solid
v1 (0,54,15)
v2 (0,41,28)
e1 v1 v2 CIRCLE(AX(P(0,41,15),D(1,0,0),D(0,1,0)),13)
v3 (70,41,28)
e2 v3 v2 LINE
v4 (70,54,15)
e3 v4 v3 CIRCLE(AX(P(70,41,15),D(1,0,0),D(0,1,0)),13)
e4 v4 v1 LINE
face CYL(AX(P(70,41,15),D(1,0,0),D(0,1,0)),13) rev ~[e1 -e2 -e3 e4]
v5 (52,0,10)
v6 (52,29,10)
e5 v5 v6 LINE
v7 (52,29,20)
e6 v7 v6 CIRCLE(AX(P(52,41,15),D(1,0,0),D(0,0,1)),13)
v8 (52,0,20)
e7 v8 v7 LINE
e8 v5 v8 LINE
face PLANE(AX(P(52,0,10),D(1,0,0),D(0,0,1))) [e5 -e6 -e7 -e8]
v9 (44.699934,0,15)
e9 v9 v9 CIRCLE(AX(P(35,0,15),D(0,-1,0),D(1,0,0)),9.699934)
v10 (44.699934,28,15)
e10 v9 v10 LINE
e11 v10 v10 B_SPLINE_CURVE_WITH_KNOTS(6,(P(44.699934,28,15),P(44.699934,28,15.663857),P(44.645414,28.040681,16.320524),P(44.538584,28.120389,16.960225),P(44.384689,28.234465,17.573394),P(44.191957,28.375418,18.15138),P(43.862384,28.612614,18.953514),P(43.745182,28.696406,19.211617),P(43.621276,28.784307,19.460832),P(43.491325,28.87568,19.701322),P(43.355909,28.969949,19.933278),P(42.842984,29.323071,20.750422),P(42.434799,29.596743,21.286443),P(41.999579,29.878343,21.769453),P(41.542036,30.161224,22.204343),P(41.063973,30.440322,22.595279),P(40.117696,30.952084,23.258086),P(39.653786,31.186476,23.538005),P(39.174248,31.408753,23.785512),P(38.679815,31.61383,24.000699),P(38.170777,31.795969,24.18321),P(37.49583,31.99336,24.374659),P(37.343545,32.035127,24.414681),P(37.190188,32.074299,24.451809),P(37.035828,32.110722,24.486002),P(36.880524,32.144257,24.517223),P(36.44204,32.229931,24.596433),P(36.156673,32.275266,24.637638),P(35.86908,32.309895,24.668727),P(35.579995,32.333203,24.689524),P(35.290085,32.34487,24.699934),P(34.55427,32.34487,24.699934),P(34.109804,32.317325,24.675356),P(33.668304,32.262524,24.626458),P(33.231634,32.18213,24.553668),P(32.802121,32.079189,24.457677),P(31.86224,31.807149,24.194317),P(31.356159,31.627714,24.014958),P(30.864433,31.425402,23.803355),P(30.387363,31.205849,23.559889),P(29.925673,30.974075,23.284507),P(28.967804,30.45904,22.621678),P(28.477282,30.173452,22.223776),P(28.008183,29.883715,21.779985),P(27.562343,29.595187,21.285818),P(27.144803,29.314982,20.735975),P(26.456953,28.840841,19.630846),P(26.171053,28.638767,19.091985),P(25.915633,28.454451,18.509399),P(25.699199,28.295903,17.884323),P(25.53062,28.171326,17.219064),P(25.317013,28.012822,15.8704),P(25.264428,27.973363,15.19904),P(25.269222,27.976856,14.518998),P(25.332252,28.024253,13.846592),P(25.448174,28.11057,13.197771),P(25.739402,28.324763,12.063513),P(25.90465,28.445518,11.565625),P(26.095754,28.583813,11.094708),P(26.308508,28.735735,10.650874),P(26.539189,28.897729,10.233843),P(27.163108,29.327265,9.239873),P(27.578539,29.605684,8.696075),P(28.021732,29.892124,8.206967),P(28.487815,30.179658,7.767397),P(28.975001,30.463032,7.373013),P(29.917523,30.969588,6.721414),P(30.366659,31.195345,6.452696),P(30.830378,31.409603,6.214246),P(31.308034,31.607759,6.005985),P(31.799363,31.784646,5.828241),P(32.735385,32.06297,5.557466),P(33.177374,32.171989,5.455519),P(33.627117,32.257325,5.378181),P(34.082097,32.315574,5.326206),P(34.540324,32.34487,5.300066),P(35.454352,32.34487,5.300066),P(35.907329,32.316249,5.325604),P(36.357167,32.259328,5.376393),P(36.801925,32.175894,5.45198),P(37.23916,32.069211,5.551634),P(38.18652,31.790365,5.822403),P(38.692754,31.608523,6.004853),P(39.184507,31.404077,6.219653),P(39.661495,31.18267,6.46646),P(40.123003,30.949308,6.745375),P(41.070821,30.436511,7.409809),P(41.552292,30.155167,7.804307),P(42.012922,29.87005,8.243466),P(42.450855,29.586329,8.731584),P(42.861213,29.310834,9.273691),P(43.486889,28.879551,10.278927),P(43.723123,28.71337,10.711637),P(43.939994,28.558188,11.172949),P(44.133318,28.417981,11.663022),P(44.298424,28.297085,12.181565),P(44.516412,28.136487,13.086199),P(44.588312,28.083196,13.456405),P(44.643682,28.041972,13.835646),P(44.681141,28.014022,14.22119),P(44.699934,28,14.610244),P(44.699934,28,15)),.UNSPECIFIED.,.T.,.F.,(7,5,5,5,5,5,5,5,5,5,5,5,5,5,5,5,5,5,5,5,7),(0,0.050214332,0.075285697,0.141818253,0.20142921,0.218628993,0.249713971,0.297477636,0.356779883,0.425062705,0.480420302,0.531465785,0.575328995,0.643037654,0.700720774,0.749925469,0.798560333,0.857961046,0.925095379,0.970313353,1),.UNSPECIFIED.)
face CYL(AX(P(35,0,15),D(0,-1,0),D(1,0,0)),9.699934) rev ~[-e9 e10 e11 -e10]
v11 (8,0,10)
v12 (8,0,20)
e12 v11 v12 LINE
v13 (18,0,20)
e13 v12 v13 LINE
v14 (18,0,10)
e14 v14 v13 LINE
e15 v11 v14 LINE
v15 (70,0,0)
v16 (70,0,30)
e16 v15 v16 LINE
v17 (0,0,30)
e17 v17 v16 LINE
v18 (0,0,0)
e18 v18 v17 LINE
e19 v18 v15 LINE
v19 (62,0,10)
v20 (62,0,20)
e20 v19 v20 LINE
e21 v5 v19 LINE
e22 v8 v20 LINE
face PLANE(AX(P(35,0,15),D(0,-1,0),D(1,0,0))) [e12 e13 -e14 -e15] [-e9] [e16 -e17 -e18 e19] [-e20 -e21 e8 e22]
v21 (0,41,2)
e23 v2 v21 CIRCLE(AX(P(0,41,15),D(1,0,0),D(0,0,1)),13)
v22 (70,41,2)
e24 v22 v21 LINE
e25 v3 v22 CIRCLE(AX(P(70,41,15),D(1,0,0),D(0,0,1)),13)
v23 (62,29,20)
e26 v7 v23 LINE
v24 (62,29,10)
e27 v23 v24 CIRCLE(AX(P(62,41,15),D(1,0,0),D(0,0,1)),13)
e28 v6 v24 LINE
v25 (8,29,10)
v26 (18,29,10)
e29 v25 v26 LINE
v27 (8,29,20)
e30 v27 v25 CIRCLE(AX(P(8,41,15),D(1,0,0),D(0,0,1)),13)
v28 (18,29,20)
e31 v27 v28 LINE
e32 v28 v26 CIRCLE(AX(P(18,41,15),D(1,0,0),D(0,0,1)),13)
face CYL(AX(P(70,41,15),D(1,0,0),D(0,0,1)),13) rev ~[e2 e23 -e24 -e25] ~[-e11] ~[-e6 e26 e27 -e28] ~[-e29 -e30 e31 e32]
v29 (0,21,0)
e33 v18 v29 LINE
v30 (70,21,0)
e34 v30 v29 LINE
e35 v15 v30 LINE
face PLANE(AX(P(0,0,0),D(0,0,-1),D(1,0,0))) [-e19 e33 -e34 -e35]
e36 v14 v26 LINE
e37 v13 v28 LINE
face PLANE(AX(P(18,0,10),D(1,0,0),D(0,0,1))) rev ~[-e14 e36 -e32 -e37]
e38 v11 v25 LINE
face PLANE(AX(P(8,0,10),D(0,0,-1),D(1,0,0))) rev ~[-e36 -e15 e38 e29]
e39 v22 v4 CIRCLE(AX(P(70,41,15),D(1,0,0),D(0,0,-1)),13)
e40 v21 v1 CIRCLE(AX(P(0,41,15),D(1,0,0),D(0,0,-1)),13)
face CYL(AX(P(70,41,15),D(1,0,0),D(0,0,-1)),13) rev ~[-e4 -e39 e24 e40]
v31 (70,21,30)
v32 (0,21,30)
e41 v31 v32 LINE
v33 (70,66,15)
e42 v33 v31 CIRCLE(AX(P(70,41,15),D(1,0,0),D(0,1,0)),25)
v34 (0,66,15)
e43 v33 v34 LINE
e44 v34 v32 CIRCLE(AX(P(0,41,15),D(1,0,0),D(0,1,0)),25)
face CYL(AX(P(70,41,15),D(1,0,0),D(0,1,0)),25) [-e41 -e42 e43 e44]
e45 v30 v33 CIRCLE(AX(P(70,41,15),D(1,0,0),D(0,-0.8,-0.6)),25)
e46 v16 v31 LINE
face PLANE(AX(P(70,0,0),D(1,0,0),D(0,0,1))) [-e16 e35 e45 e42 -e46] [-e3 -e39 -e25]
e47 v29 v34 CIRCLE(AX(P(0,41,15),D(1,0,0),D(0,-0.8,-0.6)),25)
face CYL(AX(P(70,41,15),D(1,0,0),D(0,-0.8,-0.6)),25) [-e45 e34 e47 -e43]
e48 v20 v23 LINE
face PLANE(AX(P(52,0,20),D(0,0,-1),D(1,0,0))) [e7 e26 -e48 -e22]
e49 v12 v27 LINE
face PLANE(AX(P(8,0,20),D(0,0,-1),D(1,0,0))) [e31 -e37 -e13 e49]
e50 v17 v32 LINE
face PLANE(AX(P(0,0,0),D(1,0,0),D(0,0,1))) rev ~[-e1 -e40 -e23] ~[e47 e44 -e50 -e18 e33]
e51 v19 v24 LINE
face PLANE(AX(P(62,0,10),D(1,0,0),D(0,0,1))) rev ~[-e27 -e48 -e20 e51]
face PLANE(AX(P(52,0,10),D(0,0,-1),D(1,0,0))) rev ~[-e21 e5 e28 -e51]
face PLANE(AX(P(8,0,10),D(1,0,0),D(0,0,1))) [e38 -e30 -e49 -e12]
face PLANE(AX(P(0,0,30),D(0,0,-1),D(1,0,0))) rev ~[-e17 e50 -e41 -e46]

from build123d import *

# Parameters (mm, degrees)
F0_W     = 70
F0_H     = 30
F1_DEPTH = 41
F2_W     = 10
F2_H     = 10
F2_R     = 9.6999339811
F3_DEPTH = 41
F5_DEPTH = 70
F6_DEPTH = 70


with BuildPart() as f1:
    # F0 (on Front) → F1 (new body)
    with BuildSketch(Plane.XZ):
        with Locations((35, 15)):
            Rectangle(F0_W, F0_H)
    extrude(amount=-F1_DEPTH)

    # F2 (on face) → F3 (cut)
    with BuildSketch(Plane.XZ):
        with Locations((13, 15)):
            Rectangle(F2_W, F2_H)
        with Locations((35, 15)):
            Circle(F2_R)
        with Locations((57, 15)):
            Rectangle(F2_W, F2_H)
    extrude(amount=-F3_DEPTH, mode=Mode.SUBTRACT)

    # F4 (on face) → F5 (join)
    with BuildSketch(Plane.YZ.offset(70)):
        with BuildLine():
            ThreePointArc((54, 15), (50.1923881554, 24.1923881554), (41, 28))
            Line((41, 28), (41, 2))
            ThreePointArc((41, 2), (50.1923881554, 5.8076118446), (54, 15))
        make_face()
        with BuildLine():
            Line((41, 2), (41, 28))
            ThreePointArc((41, 28), (28, 15), (41, 2))
        make_face()
        with BuildLine():
            ThreePointArc((21, 0), (48.9056941504, -8.7170824513), (66, 15))
            ThreePointArc((66, 15), (48.9056941504, 38.7170824513), (21, 30))
            Line((21, 30), (41, 30))
            Line((41, 30), (41, 28))
            ThreePointArc((41, 28), (50.1923881554, 24.1923881554), (54, 15))
            ThreePointArc((54, 15), (50.1923881554, 5.8076118446), (41, 2))
            Line((41, 2), (41, 0))
            Line((41, 0), (21, 0))
        make_face()
    extrude(amount=-F5_DEPTH)

    # F4 (on face) → F6 (cut)
    with BuildSketch(Plane.YZ.offset(70)):
        with BuildLine():
            ThreePointArc((54, 15), (50.1923881554, 24.1923881554), (41, 28))
            Line((41, 28), (41, 2))
            ThreePointArc((41, 2), (50.1923881554, 5.8076118446), (54, 15))
        make_face()
        with BuildLine():
            Line((41, 2), (41, 28))
            ThreePointArc((41, 28), (28, 15), (41, 2))
        make_face()
    extrude(amount=-F6_DEPTH, mode=Mode.SUBTRACT)


solid = f1.part
